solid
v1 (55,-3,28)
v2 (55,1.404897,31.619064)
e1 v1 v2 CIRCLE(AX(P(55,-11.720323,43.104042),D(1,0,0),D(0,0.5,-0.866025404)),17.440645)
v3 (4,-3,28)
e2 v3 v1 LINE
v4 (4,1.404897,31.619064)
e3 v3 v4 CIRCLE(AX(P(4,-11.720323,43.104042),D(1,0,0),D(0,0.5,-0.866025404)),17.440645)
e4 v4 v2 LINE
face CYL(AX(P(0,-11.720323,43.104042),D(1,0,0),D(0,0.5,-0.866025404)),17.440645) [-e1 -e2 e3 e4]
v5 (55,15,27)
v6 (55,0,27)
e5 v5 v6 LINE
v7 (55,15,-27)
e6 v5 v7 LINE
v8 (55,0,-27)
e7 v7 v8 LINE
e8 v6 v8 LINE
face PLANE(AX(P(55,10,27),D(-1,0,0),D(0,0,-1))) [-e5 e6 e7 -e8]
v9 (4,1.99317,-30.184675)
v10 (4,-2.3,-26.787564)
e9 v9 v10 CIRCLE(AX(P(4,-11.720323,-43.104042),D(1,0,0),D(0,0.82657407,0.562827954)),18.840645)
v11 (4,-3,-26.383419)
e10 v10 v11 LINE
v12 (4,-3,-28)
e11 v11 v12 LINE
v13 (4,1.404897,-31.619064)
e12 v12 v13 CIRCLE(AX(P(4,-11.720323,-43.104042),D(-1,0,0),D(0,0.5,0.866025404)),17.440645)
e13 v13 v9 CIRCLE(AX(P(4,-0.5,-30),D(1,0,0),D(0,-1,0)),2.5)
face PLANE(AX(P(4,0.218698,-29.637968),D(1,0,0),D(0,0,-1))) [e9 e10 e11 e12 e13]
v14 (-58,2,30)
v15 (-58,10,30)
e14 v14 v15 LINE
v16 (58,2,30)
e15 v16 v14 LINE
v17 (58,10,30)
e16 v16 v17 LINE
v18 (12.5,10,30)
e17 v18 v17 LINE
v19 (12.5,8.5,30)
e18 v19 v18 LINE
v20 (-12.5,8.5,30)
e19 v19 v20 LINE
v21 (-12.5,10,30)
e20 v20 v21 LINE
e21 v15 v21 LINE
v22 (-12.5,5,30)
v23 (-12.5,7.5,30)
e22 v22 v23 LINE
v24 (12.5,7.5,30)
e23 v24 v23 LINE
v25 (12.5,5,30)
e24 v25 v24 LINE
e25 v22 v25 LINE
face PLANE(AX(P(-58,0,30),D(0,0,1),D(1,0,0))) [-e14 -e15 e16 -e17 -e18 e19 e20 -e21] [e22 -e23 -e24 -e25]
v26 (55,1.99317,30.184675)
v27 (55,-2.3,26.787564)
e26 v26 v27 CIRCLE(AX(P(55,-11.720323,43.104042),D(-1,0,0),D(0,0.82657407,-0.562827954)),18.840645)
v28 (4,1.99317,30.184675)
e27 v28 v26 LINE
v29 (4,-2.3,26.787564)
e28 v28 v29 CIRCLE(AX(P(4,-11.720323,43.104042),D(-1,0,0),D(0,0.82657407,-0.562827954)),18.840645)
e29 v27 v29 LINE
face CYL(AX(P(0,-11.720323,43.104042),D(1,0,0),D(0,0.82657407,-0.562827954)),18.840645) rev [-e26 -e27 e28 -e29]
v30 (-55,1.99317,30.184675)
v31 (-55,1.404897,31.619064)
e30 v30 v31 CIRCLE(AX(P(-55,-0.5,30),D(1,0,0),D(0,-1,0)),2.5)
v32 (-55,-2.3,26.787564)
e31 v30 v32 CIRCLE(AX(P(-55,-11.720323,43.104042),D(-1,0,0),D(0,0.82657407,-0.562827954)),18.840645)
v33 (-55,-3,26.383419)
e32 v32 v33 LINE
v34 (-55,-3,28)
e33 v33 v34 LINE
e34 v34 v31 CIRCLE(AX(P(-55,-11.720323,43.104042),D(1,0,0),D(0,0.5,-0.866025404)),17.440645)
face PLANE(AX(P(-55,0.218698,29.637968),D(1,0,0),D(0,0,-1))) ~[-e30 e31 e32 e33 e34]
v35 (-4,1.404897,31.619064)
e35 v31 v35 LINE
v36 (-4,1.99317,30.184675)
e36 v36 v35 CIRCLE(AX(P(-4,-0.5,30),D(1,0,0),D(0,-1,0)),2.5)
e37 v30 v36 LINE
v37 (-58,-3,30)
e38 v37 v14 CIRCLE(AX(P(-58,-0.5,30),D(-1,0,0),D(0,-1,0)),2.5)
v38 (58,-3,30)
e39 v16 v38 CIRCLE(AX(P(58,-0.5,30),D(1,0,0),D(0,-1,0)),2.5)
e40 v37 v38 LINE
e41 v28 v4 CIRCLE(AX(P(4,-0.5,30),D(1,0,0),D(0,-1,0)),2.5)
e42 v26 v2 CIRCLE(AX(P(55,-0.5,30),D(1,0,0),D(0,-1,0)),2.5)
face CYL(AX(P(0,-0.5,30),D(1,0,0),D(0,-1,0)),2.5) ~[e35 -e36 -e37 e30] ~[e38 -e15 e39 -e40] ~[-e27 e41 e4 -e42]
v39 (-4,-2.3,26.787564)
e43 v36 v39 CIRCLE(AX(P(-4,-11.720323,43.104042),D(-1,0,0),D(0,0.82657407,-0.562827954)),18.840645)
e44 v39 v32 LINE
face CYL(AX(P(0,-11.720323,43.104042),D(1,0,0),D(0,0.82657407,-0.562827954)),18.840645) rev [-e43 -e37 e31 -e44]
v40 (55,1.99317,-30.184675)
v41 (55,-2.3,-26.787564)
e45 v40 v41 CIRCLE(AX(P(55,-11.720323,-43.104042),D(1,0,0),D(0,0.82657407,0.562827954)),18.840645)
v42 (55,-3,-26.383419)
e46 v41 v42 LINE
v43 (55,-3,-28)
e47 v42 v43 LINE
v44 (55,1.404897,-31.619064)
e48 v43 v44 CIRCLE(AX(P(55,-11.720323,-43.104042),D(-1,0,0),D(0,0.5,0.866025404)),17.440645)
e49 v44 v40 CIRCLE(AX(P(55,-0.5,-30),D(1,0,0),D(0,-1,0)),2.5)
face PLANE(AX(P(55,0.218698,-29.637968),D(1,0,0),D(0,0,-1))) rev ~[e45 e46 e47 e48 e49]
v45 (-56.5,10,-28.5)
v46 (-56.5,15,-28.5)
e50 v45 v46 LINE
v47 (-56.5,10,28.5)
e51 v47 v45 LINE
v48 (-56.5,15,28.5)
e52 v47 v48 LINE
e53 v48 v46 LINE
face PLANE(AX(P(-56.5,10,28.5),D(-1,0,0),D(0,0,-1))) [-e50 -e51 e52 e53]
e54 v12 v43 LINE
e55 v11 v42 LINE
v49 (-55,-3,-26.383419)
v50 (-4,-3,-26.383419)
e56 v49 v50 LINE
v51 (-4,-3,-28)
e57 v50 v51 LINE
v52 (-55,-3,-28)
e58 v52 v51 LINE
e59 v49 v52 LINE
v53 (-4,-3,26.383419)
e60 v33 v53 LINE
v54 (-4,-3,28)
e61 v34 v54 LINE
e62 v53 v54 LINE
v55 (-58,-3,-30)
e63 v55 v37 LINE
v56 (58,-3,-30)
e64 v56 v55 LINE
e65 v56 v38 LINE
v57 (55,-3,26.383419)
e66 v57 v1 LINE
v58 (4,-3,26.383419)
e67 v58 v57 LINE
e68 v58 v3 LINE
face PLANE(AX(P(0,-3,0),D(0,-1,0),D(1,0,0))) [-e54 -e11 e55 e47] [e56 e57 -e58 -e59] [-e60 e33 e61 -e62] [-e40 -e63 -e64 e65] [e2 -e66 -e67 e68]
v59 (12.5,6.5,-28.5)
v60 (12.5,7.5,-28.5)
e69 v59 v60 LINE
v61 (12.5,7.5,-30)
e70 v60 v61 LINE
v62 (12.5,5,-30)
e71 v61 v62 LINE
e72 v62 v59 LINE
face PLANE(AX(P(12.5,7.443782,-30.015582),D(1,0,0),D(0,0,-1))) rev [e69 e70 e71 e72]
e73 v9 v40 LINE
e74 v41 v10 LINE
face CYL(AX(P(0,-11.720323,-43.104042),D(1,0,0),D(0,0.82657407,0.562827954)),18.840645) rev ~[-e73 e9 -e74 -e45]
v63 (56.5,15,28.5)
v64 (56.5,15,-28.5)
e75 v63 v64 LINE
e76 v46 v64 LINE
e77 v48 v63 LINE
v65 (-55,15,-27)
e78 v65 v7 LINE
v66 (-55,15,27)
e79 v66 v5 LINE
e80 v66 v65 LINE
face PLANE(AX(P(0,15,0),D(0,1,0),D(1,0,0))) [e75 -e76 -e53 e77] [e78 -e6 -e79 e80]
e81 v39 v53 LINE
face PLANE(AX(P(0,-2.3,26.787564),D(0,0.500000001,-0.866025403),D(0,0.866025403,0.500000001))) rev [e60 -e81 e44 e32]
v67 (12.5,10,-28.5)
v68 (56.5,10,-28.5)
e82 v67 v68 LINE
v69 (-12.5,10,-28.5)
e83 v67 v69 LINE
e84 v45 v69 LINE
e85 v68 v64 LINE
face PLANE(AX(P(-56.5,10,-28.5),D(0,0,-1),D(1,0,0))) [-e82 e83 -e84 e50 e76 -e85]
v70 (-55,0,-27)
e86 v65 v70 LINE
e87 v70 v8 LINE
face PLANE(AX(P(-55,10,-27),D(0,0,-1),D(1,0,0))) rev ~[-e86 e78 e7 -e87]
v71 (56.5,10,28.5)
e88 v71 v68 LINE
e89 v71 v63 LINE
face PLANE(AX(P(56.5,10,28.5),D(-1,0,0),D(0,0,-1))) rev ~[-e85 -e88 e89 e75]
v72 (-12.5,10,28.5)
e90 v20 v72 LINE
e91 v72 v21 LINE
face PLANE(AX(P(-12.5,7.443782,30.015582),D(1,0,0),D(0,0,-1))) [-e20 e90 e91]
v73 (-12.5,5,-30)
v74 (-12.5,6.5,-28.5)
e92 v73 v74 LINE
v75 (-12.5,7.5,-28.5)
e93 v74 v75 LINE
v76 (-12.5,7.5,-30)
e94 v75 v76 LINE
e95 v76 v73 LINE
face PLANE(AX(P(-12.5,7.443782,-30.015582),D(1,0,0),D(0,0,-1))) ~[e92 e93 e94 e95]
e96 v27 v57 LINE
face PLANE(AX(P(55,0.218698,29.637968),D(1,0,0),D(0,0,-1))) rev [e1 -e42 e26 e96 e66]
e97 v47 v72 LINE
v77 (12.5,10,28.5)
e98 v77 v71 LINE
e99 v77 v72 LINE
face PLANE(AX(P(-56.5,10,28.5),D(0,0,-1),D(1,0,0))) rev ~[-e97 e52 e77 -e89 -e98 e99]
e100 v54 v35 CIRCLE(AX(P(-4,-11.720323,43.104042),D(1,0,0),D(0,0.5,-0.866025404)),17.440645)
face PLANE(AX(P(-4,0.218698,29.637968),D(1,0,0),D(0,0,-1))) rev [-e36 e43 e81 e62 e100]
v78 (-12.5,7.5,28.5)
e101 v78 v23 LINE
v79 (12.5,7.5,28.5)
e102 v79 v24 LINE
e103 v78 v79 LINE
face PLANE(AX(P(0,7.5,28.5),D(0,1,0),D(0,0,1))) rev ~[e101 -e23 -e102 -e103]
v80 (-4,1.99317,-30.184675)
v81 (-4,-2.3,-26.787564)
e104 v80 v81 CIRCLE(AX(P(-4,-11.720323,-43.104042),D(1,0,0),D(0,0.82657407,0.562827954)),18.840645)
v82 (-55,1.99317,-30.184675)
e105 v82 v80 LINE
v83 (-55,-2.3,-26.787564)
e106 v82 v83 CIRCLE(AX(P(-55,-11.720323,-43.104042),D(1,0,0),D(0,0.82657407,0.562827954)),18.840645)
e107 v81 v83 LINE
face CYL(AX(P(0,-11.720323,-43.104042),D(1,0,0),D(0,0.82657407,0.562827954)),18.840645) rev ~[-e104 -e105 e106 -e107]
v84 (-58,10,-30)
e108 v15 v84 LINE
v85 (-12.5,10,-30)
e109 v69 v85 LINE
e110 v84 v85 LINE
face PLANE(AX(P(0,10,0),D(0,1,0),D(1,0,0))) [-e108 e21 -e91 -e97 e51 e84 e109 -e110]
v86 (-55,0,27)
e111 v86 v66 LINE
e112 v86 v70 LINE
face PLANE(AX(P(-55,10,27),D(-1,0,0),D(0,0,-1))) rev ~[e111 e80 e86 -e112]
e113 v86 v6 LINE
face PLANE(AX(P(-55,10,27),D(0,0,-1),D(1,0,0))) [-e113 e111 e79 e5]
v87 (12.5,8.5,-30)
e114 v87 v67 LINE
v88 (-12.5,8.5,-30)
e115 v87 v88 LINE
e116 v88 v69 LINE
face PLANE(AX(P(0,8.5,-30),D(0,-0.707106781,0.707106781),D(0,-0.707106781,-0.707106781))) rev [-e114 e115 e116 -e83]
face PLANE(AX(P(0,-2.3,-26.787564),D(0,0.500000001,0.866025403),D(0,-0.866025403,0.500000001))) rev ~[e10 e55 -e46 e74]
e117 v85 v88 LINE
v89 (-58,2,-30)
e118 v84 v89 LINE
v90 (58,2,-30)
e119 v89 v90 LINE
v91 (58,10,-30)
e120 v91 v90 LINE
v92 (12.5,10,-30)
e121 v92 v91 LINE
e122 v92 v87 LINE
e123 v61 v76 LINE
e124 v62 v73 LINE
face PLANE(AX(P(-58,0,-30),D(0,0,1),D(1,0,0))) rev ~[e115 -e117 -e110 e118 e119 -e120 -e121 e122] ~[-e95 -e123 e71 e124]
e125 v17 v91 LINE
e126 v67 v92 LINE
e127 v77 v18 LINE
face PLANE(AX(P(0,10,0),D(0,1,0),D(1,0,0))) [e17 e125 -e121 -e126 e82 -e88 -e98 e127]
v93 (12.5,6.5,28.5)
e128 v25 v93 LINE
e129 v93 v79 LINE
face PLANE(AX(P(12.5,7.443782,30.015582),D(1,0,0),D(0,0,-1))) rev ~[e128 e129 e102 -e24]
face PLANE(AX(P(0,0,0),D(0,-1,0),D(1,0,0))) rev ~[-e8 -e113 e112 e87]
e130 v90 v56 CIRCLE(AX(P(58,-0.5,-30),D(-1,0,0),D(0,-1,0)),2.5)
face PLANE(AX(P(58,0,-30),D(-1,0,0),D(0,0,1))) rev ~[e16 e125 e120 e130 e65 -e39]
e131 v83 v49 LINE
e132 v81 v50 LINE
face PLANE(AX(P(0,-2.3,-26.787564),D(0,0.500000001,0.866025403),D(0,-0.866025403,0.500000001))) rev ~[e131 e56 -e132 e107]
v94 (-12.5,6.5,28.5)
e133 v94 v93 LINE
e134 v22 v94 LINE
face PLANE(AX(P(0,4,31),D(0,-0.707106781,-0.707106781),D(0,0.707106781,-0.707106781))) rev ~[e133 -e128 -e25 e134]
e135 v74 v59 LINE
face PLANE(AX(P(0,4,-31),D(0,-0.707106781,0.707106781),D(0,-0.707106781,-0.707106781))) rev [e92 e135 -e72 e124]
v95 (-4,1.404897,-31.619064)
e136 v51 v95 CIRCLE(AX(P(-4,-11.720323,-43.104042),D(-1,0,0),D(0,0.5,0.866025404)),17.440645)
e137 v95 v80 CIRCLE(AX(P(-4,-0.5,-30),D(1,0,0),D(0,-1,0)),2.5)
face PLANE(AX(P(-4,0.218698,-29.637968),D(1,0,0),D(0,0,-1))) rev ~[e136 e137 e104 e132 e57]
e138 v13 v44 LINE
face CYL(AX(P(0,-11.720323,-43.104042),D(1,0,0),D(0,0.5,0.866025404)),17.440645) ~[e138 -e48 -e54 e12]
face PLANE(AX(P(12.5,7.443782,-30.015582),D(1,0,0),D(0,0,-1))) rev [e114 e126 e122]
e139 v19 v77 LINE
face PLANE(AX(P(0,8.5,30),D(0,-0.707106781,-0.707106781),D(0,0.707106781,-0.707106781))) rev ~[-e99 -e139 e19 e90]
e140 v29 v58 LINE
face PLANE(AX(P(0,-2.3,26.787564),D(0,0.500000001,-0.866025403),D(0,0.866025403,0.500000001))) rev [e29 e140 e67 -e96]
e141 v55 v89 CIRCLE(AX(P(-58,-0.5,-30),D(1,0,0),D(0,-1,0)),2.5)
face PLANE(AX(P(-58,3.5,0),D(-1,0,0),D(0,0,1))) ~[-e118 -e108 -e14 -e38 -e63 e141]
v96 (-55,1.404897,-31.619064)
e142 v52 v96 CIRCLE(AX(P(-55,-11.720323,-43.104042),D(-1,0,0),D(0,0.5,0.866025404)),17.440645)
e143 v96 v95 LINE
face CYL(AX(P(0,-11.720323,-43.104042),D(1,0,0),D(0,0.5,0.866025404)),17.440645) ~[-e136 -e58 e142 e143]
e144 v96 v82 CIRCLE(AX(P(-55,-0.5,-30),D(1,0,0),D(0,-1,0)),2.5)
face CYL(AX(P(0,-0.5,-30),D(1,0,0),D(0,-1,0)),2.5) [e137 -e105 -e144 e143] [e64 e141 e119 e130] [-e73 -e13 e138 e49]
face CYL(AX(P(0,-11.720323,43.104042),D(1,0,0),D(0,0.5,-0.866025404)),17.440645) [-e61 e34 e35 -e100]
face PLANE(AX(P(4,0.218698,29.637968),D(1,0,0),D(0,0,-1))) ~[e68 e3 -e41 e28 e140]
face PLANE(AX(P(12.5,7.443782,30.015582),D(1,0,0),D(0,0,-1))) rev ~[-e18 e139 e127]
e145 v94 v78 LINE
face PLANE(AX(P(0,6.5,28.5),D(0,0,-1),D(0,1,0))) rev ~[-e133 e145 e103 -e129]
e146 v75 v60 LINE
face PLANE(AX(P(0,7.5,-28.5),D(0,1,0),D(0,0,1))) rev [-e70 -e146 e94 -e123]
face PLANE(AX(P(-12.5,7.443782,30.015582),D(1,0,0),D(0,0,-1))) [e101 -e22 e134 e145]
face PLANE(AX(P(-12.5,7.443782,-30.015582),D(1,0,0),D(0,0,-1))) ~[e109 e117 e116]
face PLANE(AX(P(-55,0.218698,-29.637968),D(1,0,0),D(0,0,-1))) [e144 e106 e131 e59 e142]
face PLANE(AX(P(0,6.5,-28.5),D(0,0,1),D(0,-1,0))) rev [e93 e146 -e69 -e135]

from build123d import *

# Parameters (mm, degrees)
SKETCH1_W                       = 116
SKETCH1_H                       = 60
SKETCH1_W_2                     = 110
SKETCH1_H_2                     = 54
BOSS_EXTRUDE1_DEPTH             = 10
SKETCH2_W                       = 116
SKETCH2_H                       = 60
BOSS_EXTRUDE2_DEPTH             = 3
CUT_EXTRUDE1_DEPTH              = 12.5
BOSS_EXTRUDE4_REACH             = 68.061
BOSS_EXTRUDE4_DIRECTION_2_REACH = 68.061
BOSS_EXTRUDE5_DEPTH             = 55
CUT_EXTRUDE2_DEPTH              = 4
SKETCH7_W                       = 113
SKETCH7_H                       = 57
SKETCH7_W_2                     = 110
SKETCH7_H_2                     = 54
BOSS_EXTRUDE6_DEPTH             = 5


with BuildPart() as part:
    # Sketch1 → Boss-Extrude1 (new body)
    with BuildSketch(Plane(origin=(0, 0, 0), x_dir=(1, 0, 0), z_dir=(0, 1, 0))):
        Rectangle(SKETCH1_W, SKETCH1_H)
        Rectangle(SKETCH1_W_2, SKETCH1_H_2, mode=Mode.SUBTRACT)
    extrude(amount=BOSS_EXTRUDE1_DEPTH)

    # Sketch2 → Boss-Extrude2 (add)
    with BuildSketch(Plane.XZ):
        Rectangle(SKETCH2_W, SKETCH2_H)
    extrude(amount=BOSS_EXTRUDE2_DEPTH)

    # Sketch3 → Cut-Extrude1 (cut, symmetric)
    with BuildSketch(Plane(origin=(0, 0, 0), x_dir=(0, 0, -1), z_dir=(1, 0, 0))):
        Polygon((-28.5, 10), (-31, 10), (-31, 4), (-28.5, 6.5), (-28.5, 7.5), (-30, 7.5), (-30, 8.5), align=None)
    cut_extrude1 = extrude(amount=CUT_EXTRUDE1_DEPTH, both=True, mode=Mode.SUBTRACT)

    # Mirror1: Cut-Extrude1 across plane
    add(cut_extrude1.mirror(Plane.XY), mode=Mode.SUBTRACT)

    # Boss-Extrude4: up to this face of the body (flat: up to its plane)
    boss_extrude4_end = Plane(part.part.faces().sort_by_distance((58, 3.5, 0))[0])
    # Sketch4 → Boss-Extrude4 (add, up to the picked face)
    with BuildSketch(Plane(origin=(0, 0, 0), x_dir=(0, 0, -1), z_dir=(1, 0, 0)), mode=Mode.PRIVATE) as boss_extrude4_sk1:
        with BuildLine():
            Line((30, 2), (30, -3))
            ThreePointArc((30, -3), (32.5, -0.5), (30, 2))
        make_face()
    boss_extrude4_tool1 = split(extrude(boss_extrude4_sk1.sketch, amount=BOSS_EXTRUDE4_REACH, mode=Mode.PRIVATE), bisect_by=boss_extrude4_end, keep=Keep.BOTH, mode=Mode.PRIVATE)
    boss_extrude4 = boss_extrude4_tool1.solids().sort_by(Axis((0, -0.5, -31.061033), (1, 0, 0)))[0]
    add(boss_extrude4)

    # Boss-Extrude4 direction 2: up to this face of the body (flat: up to its plane)
    boss_extrude4_direction_2_end = Plane(part.part.faces().sort_by_distance((-58, 3.5, 0))[0])
    # Sketch4 → Boss-Extrude4 direction 2 (add, up to the picked face)
    with BuildSketch(Plane(origin=(0, 0, 0), x_dir=(0, 0, -1), z_dir=(1, 0, 0)), mode=Mode.PRIVATE) as boss_extrude4_direction_2_sk1:
        with BuildLine():
            Line((30, 2), (30, -3))
            ThreePointArc((30, -3), (32.5, -0.5), (30, 2))
        make_face()
    boss_extrude4_direction_2_tool1 = split(extrude(boss_extrude4_direction_2_sk1.sketch, amount=-BOSS_EXTRUDE4_DIRECTION_2_REACH, mode=Mode.PRIVATE), bisect_by=boss_extrude4_direction_2_end, keep=Keep.BOTH, mode=Mode.PRIVATE)
    boss_extrude4_direction_2 = boss_extrude4_direction_2_tool1.solids().sort_by(Axis((0, -0.5, -31.061033), (-1, 0, 0)))[0]
    add(boss_extrude4_direction_2)

    # Mirror3: Boss-Extrude4, Boss-Extrude4 direction 2 across plane
    add(boss_extrude4.mirror(Plane.XY))
    add(boss_extrude4_direction_2.mirror(Plane.XY))


with BuildPart() as body_2:
    # Sketch5 → Boss-Extrude5 (new, symmetric)
    with BuildSketch(Plane(origin=(0, 0, 0), x_dir=(0, 0, -1), z_dir=(1, 0, 0))):
        with BuildLine():
            Line((26.787564435, -2.3), (26.383419246, -3))
            Line((26.383419246, -3), (28, -3))
            ThreePointArc((28, -3), (29.996934481, -0.214678652), (32.5, 2.126352177))
            Line((32.5, 2.126352177), (32.5, 3.852866185))
            ThreePointArc((32.5, 3.852866185), (29.29668765, 1.098682153), (26.787564435, -2.3))
        make_face()
    extrude(amount=BOSS_EXTRUDE5_DEPTH, both=True)

    # Sketch6 → Cut-Extrude2 (cut, symmetric)
    with BuildSketch(Plane(origin=(0, 0, 0), x_dir=(0, 0, -1), z_dir=(1, 0, 0))):
        with BuildLine():
            Line((26.383419246, -3), (28, -3))
            ThreePointArc((28, -3), (29.996934481, -0.214678652), (32.5, 2.126352177))
            Line((32.5, 2.126352177), (32.5, 3.852866185))
            ThreePointArc((32.5, 3.852866185), (29.29668765, 1.098682153), (26.787564435, -2.3))
            Line((26.787564435, -2.3), (26.383419246, -3))
        make_face()
    extrude(amount=CUT_EXTRUDE2_DEPTH, both=True, mode=Mode.SUBTRACT)


with BuildPart() as cut_extrude2_piece_1:
    # of the separate pieces the step leaves, piece 1, a body of its own (cut_extrude2_pieces)
    add(body_2.part.solids().sort_by_distance((-4, -2.3, -26.787564435))[0])


with BuildPart() as cut_extrude2_piece_2:
    # of the separate pieces the step leaves, piece 2, a body of its own (cut_extrude2_pieces)
    add(body_2.part.solids().sort_by_distance((55, -2.3, -26.787564435))[0])


with BuildPart() as body_4:
    # Mirror2: mirrored copy
    add(cut_extrude2_piece_1.part.mirror(Plane.XY))


with BuildPart() as body_5:
    # Mirror2 2: mirrored copy
    add(cut_extrude2_piece_2.part.mirror(Plane.XY))


with BuildPart() as part_1:
    add(part.part)

    # Combine2: cut Cut-Extrude2 piece 1, Cut-Extrude2 piece 2, body 5, body 4
    add(cut_extrude2_piece_1.part, mode=Mode.SUBTRACT)
    add(cut_extrude2_piece_2.part, mode=Mode.SUBTRACT)
    add(body_5.part, mode=Mode.SUBTRACT)
    add(body_4.part, mode=Mode.SUBTRACT)

    # Sketch7 → Boss-Extrude6 (add)
    with BuildSketch(Plane(origin=(0, 10, 0), x_dir=(1, 0, 0), z_dir=(0, 1, 0))):
        Rectangle(SKETCH7_W, SKETCH7_H)
        Rectangle(SKETCH7_W_2, SKETCH7_H_2, mode=Mode.SUBTRACT)
    extrude(amount=BOSS_EXTRUDE6_DEPTH)


solid = part_1.part
